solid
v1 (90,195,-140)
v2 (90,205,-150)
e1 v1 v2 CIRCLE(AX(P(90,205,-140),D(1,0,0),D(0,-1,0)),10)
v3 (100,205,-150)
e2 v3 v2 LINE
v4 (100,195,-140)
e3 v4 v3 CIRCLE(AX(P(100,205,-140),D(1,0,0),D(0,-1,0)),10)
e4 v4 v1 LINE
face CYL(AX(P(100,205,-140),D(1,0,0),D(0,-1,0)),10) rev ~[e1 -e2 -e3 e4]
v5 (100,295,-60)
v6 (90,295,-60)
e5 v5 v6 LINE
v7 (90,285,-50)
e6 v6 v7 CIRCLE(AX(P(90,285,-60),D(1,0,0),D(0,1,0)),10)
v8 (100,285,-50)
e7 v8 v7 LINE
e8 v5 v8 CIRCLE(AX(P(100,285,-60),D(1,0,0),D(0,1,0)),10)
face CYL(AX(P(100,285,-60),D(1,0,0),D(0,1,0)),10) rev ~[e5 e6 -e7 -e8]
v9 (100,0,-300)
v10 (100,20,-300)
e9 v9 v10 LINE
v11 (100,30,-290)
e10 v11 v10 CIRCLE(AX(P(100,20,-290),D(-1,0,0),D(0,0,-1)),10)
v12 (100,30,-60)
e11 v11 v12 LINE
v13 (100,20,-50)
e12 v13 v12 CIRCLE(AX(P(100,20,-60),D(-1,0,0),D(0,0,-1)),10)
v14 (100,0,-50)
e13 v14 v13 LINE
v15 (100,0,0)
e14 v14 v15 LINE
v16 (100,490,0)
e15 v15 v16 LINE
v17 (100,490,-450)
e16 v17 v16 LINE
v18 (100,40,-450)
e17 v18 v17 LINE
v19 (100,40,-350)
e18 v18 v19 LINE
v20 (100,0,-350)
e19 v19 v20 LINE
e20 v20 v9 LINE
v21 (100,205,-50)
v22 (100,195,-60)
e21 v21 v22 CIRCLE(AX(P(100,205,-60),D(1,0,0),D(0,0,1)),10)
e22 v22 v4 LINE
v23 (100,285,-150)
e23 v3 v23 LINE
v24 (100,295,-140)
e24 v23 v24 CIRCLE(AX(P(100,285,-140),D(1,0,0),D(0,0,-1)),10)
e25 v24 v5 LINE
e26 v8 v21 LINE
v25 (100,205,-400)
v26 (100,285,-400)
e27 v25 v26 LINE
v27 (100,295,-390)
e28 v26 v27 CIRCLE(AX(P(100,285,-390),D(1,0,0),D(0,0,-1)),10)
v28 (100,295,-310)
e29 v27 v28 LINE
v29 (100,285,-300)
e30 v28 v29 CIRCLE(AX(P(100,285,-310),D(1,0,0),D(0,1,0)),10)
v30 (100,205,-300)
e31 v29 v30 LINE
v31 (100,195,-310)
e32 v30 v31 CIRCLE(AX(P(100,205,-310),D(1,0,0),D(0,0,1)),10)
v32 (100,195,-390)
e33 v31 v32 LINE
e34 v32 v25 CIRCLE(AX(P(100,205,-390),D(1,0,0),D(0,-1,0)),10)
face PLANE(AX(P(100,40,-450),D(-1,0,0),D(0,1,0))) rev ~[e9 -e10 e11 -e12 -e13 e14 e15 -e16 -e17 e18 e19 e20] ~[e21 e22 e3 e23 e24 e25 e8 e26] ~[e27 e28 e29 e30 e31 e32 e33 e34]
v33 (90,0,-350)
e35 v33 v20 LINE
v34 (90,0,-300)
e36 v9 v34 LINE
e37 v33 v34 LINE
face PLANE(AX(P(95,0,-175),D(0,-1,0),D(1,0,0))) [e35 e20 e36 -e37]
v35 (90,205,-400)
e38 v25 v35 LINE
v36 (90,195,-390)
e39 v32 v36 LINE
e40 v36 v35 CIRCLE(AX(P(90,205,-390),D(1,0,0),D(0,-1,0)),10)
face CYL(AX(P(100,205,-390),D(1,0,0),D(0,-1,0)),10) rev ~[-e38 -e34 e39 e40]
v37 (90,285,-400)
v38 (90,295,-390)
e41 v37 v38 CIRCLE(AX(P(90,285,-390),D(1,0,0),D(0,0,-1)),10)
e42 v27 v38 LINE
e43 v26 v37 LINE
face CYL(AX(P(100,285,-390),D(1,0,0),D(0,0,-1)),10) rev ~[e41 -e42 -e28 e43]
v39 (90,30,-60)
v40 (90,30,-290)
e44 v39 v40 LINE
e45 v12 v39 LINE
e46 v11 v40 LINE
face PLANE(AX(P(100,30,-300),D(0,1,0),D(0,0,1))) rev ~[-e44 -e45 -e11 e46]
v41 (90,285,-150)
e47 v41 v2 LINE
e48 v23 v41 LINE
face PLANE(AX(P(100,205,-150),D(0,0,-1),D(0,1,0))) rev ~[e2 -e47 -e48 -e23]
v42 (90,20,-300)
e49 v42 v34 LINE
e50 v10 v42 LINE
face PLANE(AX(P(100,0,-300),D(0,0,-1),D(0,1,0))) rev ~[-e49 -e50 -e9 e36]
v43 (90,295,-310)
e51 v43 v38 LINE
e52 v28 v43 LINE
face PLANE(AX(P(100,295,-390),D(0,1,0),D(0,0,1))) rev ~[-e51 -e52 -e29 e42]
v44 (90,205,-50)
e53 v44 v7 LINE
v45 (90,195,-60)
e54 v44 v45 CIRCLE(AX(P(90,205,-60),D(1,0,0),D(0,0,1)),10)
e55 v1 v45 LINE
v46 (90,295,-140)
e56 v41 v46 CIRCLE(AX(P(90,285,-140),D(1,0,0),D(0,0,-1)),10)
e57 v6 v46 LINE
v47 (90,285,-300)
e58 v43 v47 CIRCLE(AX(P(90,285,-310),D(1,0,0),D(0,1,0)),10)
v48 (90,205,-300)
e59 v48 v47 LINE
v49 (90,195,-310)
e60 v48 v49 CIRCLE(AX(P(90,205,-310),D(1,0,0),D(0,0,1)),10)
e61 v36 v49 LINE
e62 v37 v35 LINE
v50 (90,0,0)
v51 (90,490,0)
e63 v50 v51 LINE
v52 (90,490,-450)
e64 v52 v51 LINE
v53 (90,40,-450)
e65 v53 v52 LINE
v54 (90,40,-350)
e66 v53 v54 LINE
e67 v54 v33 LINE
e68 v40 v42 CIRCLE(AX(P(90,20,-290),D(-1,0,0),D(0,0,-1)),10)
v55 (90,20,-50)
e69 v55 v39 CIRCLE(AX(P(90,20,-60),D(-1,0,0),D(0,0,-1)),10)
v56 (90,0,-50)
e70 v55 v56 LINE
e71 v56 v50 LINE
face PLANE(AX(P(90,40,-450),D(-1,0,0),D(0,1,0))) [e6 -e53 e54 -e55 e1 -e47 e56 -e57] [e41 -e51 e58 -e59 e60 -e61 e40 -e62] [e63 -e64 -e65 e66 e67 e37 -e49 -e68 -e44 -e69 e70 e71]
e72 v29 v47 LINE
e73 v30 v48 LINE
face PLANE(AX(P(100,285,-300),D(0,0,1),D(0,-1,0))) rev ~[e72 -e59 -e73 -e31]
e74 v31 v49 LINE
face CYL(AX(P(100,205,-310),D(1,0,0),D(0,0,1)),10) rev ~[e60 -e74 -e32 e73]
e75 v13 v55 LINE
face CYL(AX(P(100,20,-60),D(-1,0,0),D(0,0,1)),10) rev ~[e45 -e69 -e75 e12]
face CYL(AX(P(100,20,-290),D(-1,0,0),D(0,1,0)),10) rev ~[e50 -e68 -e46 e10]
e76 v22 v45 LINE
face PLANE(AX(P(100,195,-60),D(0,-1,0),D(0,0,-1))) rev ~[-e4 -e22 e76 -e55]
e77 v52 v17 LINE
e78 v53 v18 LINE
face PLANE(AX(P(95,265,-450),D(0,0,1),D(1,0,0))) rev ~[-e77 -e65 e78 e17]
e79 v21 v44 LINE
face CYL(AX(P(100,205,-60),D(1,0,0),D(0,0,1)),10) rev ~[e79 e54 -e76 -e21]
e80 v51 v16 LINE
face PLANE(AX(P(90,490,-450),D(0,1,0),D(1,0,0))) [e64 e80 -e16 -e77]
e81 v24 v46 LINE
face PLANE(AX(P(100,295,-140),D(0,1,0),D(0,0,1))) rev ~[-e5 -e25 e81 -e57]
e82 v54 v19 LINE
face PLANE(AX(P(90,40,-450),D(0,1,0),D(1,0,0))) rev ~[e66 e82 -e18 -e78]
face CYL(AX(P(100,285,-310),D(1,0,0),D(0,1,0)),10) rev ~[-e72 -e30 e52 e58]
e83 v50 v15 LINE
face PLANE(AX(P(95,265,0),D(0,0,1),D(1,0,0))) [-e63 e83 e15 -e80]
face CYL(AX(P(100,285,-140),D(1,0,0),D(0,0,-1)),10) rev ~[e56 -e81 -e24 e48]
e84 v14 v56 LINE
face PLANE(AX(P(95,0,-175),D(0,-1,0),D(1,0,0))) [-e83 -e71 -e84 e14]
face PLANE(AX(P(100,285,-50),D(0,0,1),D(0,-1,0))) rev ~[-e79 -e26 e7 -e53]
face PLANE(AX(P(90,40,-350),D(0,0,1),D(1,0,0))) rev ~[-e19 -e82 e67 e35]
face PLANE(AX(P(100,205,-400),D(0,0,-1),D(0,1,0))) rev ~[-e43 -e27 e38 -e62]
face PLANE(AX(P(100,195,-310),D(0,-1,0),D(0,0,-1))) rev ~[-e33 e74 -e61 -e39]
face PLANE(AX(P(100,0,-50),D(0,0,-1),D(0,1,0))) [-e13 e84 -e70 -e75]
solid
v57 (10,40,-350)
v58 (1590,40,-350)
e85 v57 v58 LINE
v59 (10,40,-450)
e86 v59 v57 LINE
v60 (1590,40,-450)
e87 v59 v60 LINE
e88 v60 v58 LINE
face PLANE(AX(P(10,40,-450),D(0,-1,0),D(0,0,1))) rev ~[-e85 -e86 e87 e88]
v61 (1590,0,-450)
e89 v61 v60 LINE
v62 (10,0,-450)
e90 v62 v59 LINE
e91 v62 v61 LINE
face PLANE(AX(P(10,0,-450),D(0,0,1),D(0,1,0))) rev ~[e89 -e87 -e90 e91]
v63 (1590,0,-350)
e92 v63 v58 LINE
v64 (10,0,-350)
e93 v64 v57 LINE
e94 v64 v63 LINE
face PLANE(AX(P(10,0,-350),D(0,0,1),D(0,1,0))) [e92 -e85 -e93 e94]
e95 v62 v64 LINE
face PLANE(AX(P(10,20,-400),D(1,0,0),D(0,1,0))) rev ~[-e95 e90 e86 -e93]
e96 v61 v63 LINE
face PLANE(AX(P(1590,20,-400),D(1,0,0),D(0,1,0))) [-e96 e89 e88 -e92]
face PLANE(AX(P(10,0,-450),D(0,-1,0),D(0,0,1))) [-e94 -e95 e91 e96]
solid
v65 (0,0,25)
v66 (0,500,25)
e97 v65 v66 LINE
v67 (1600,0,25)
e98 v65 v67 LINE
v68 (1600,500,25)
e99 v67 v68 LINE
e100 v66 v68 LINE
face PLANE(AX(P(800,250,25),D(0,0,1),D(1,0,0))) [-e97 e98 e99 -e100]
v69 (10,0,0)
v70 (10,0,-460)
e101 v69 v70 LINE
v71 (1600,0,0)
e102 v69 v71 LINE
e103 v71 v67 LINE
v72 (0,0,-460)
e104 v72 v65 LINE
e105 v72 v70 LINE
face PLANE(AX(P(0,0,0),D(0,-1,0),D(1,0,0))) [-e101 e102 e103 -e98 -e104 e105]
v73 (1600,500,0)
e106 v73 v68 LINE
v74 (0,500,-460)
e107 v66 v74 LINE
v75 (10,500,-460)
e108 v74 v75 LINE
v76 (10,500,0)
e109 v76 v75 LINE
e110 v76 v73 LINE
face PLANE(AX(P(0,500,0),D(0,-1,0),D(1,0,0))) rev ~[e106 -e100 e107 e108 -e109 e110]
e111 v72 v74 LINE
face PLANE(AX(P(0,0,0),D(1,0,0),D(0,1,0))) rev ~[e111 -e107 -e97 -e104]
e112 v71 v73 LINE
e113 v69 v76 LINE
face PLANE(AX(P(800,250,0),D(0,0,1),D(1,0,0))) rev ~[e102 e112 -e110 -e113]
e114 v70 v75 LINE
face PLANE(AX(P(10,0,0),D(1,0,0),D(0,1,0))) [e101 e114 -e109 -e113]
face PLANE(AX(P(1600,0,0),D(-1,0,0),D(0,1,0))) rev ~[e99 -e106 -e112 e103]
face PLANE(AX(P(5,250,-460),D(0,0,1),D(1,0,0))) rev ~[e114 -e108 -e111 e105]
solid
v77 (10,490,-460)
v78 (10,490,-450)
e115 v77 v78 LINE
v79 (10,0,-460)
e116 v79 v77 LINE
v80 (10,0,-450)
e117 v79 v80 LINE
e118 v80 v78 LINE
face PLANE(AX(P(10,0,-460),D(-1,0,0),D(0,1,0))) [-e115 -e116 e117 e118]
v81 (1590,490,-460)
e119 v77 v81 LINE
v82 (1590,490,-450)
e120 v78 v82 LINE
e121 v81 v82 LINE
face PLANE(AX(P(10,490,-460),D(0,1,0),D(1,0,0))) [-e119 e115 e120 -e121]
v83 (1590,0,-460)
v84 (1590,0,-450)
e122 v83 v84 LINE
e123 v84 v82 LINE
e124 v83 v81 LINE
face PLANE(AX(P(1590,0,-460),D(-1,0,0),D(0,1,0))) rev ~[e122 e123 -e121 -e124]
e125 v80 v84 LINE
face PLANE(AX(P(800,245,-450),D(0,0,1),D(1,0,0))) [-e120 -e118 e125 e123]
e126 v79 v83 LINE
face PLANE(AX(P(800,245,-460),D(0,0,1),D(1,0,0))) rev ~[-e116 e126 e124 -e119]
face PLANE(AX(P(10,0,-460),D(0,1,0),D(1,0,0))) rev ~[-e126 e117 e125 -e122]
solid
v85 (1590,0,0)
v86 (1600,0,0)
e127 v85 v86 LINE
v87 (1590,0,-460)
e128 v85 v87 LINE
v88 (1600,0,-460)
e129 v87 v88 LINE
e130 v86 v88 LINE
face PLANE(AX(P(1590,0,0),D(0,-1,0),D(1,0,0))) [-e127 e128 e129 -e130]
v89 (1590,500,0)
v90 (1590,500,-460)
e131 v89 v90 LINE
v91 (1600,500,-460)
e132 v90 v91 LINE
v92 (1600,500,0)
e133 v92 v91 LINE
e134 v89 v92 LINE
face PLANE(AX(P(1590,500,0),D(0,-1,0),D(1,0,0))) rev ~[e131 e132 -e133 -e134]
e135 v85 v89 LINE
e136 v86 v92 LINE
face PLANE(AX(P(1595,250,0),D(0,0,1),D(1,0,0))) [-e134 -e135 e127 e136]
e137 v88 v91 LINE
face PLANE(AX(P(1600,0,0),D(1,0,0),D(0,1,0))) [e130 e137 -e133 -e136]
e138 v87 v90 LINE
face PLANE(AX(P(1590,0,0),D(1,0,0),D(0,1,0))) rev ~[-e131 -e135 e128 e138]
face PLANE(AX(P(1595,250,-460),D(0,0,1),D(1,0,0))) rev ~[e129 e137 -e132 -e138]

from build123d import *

# Parameters (mm, degrees)
F0_W      = 1600
F0_H      = 500
F1_DEPTH  = 25
F3_W      = 1580
F3_H      = 490
F4_DEPTH  = 10
F5_W      = 10
F5_H      = 500
F6_DEPTH  = 460
F7_W      = 10
F7_H      = 500
F8_DEPTH  = 460
F9_W      = 40
F9_H      = 100
F10_DEPTH = 1580
F11_W     = 10
F11_H     = 450
F12_DEPTH = 450
F13_W     = 10
F13_H     = 350
F14_DEPTH = 40
F16_W     = 30
F16_H     = 250
F17_DEPTH = 100.001
F18_R     = 10
F20_DEPTH = 100.001


with BuildPart() as f1:
    # F0 (on Top) → F1 (new body)
    with BuildSketch(Plane.XY):
        with Locations((800, 250)):
            Rectangle(F0_W, F0_H)
    extrude(amount=F1_DEPTH)

    # F5 (on face) → F6 (join, through all)
    with BuildSketch(Plane.XY):
        with Locations((5, 250)):
            Rectangle(F5_W, F5_H)
    extrude(amount=-F6_DEPTH)


with BuildPart() as f4:
    # F3 (on offset) → F4 (new body)
    with BuildSketch(Plane.XY.offset(-460)):
        with Locations((800, 245)):
            Rectangle(F3_W, F3_H)
    extrude(amount=F4_DEPTH)


with BuildPart() as f8:
    # F7 (on face) → F8 (new body, through all)
    with BuildSketch(Plane.XY):
        with Locations((1595, 250)):
            Rectangle(F7_W, F7_H)
    extrude(amount=-F8_DEPTH)


with BuildPart() as f10:
    # F9 (on face) → F10 (new body, through all)
    with BuildSketch(Plane.YZ.offset(10)):
        with Locations((20, -400)):
            Rectangle(F9_W, F9_H)
    extrude(amount=F10_DEPTH)


with BuildPart() as f12:
    # F11 (on face) → F12 (new body, through all)
    with BuildSketch(Plane.XY.offset(-450)):
        with Locations((95, 265)):
            Rectangle(F11_W, F11_H)
    extrude(amount=F12_DEPTH)


with BuildPart() as f14:
    # F13 (on face) → F14 (new body, through all)
    with BuildSketch(Plane.XZ.offset(-40)):
        with Locations((95, -175)):
            Rectangle(F13_W, F13_H)
    extrude(amount=F14_DEPTH)

    # F15: union F12
    add(f12.part)

    # F16 (on face) → F17 (cut, through all)
    with BuildSketch(Plane.YZ.offset(100)):
        with Locations((15, -175)):
            Rectangle(F16_W, F16_H)
    extrude(amount=-F17_DEPTH, mode=Mode.SUBTRACT)

    # F18
    f18_edges = [f14.edges().sort_by_distance(p)[0] for p in [
        (95, 30, -50),
        (95, 30, -300),
    ]]
    fillet(f18_edges, radius=F18_R)

    # F19 (on face) → F20 (cut, through all)
    with BuildSketch(Plane.YZ.offset(100)):
        with BuildLine():
            Line((285, -50), (205, -50))
            ThreePointArc((205, -50), (197.9289321881, -52.9289321881), (195, -60))
            Line((195, -60), (195, -140))
            ThreePointArc((195, -140), (197.9289321881, -147.0710678119), (205, -150))
            Line((205, -150), (285, -150))
            ThreePointArc((285, -150), (292.0710678119, -147.0710678119), (295, -140))
            Line((295, -140), (295, -60))
            ThreePointArc((295, -60), (292.0710678119, -52.9289321881), (285, -50))
        make_face()
        with BuildLine():
            Line((285, -300), (205, -300))
            ThreePointArc((205, -300), (197.9289321881, -302.9289321881), (195, -310))
            Line((195, -310), (195, -390))
            ThreePointArc((195, -390), (197.9289321881, -397.0710678119), (205, -400))
            Line((205, -400), (285, -400))
            ThreePointArc((285, -400), (292.0710678119, -397.0710678119), (295, -390))
            Line((295, -390), (295, -310))
            ThreePointArc((295, -310), (292.0710678119, -302.9289321881), (285, -300))
        make_face()
    extrude(amount=-F20_DEPTH, mode=Mode.SUBTRACT)


solid = Compound([f1.part, f4.part, f8.part, f10.part, f14.part])
